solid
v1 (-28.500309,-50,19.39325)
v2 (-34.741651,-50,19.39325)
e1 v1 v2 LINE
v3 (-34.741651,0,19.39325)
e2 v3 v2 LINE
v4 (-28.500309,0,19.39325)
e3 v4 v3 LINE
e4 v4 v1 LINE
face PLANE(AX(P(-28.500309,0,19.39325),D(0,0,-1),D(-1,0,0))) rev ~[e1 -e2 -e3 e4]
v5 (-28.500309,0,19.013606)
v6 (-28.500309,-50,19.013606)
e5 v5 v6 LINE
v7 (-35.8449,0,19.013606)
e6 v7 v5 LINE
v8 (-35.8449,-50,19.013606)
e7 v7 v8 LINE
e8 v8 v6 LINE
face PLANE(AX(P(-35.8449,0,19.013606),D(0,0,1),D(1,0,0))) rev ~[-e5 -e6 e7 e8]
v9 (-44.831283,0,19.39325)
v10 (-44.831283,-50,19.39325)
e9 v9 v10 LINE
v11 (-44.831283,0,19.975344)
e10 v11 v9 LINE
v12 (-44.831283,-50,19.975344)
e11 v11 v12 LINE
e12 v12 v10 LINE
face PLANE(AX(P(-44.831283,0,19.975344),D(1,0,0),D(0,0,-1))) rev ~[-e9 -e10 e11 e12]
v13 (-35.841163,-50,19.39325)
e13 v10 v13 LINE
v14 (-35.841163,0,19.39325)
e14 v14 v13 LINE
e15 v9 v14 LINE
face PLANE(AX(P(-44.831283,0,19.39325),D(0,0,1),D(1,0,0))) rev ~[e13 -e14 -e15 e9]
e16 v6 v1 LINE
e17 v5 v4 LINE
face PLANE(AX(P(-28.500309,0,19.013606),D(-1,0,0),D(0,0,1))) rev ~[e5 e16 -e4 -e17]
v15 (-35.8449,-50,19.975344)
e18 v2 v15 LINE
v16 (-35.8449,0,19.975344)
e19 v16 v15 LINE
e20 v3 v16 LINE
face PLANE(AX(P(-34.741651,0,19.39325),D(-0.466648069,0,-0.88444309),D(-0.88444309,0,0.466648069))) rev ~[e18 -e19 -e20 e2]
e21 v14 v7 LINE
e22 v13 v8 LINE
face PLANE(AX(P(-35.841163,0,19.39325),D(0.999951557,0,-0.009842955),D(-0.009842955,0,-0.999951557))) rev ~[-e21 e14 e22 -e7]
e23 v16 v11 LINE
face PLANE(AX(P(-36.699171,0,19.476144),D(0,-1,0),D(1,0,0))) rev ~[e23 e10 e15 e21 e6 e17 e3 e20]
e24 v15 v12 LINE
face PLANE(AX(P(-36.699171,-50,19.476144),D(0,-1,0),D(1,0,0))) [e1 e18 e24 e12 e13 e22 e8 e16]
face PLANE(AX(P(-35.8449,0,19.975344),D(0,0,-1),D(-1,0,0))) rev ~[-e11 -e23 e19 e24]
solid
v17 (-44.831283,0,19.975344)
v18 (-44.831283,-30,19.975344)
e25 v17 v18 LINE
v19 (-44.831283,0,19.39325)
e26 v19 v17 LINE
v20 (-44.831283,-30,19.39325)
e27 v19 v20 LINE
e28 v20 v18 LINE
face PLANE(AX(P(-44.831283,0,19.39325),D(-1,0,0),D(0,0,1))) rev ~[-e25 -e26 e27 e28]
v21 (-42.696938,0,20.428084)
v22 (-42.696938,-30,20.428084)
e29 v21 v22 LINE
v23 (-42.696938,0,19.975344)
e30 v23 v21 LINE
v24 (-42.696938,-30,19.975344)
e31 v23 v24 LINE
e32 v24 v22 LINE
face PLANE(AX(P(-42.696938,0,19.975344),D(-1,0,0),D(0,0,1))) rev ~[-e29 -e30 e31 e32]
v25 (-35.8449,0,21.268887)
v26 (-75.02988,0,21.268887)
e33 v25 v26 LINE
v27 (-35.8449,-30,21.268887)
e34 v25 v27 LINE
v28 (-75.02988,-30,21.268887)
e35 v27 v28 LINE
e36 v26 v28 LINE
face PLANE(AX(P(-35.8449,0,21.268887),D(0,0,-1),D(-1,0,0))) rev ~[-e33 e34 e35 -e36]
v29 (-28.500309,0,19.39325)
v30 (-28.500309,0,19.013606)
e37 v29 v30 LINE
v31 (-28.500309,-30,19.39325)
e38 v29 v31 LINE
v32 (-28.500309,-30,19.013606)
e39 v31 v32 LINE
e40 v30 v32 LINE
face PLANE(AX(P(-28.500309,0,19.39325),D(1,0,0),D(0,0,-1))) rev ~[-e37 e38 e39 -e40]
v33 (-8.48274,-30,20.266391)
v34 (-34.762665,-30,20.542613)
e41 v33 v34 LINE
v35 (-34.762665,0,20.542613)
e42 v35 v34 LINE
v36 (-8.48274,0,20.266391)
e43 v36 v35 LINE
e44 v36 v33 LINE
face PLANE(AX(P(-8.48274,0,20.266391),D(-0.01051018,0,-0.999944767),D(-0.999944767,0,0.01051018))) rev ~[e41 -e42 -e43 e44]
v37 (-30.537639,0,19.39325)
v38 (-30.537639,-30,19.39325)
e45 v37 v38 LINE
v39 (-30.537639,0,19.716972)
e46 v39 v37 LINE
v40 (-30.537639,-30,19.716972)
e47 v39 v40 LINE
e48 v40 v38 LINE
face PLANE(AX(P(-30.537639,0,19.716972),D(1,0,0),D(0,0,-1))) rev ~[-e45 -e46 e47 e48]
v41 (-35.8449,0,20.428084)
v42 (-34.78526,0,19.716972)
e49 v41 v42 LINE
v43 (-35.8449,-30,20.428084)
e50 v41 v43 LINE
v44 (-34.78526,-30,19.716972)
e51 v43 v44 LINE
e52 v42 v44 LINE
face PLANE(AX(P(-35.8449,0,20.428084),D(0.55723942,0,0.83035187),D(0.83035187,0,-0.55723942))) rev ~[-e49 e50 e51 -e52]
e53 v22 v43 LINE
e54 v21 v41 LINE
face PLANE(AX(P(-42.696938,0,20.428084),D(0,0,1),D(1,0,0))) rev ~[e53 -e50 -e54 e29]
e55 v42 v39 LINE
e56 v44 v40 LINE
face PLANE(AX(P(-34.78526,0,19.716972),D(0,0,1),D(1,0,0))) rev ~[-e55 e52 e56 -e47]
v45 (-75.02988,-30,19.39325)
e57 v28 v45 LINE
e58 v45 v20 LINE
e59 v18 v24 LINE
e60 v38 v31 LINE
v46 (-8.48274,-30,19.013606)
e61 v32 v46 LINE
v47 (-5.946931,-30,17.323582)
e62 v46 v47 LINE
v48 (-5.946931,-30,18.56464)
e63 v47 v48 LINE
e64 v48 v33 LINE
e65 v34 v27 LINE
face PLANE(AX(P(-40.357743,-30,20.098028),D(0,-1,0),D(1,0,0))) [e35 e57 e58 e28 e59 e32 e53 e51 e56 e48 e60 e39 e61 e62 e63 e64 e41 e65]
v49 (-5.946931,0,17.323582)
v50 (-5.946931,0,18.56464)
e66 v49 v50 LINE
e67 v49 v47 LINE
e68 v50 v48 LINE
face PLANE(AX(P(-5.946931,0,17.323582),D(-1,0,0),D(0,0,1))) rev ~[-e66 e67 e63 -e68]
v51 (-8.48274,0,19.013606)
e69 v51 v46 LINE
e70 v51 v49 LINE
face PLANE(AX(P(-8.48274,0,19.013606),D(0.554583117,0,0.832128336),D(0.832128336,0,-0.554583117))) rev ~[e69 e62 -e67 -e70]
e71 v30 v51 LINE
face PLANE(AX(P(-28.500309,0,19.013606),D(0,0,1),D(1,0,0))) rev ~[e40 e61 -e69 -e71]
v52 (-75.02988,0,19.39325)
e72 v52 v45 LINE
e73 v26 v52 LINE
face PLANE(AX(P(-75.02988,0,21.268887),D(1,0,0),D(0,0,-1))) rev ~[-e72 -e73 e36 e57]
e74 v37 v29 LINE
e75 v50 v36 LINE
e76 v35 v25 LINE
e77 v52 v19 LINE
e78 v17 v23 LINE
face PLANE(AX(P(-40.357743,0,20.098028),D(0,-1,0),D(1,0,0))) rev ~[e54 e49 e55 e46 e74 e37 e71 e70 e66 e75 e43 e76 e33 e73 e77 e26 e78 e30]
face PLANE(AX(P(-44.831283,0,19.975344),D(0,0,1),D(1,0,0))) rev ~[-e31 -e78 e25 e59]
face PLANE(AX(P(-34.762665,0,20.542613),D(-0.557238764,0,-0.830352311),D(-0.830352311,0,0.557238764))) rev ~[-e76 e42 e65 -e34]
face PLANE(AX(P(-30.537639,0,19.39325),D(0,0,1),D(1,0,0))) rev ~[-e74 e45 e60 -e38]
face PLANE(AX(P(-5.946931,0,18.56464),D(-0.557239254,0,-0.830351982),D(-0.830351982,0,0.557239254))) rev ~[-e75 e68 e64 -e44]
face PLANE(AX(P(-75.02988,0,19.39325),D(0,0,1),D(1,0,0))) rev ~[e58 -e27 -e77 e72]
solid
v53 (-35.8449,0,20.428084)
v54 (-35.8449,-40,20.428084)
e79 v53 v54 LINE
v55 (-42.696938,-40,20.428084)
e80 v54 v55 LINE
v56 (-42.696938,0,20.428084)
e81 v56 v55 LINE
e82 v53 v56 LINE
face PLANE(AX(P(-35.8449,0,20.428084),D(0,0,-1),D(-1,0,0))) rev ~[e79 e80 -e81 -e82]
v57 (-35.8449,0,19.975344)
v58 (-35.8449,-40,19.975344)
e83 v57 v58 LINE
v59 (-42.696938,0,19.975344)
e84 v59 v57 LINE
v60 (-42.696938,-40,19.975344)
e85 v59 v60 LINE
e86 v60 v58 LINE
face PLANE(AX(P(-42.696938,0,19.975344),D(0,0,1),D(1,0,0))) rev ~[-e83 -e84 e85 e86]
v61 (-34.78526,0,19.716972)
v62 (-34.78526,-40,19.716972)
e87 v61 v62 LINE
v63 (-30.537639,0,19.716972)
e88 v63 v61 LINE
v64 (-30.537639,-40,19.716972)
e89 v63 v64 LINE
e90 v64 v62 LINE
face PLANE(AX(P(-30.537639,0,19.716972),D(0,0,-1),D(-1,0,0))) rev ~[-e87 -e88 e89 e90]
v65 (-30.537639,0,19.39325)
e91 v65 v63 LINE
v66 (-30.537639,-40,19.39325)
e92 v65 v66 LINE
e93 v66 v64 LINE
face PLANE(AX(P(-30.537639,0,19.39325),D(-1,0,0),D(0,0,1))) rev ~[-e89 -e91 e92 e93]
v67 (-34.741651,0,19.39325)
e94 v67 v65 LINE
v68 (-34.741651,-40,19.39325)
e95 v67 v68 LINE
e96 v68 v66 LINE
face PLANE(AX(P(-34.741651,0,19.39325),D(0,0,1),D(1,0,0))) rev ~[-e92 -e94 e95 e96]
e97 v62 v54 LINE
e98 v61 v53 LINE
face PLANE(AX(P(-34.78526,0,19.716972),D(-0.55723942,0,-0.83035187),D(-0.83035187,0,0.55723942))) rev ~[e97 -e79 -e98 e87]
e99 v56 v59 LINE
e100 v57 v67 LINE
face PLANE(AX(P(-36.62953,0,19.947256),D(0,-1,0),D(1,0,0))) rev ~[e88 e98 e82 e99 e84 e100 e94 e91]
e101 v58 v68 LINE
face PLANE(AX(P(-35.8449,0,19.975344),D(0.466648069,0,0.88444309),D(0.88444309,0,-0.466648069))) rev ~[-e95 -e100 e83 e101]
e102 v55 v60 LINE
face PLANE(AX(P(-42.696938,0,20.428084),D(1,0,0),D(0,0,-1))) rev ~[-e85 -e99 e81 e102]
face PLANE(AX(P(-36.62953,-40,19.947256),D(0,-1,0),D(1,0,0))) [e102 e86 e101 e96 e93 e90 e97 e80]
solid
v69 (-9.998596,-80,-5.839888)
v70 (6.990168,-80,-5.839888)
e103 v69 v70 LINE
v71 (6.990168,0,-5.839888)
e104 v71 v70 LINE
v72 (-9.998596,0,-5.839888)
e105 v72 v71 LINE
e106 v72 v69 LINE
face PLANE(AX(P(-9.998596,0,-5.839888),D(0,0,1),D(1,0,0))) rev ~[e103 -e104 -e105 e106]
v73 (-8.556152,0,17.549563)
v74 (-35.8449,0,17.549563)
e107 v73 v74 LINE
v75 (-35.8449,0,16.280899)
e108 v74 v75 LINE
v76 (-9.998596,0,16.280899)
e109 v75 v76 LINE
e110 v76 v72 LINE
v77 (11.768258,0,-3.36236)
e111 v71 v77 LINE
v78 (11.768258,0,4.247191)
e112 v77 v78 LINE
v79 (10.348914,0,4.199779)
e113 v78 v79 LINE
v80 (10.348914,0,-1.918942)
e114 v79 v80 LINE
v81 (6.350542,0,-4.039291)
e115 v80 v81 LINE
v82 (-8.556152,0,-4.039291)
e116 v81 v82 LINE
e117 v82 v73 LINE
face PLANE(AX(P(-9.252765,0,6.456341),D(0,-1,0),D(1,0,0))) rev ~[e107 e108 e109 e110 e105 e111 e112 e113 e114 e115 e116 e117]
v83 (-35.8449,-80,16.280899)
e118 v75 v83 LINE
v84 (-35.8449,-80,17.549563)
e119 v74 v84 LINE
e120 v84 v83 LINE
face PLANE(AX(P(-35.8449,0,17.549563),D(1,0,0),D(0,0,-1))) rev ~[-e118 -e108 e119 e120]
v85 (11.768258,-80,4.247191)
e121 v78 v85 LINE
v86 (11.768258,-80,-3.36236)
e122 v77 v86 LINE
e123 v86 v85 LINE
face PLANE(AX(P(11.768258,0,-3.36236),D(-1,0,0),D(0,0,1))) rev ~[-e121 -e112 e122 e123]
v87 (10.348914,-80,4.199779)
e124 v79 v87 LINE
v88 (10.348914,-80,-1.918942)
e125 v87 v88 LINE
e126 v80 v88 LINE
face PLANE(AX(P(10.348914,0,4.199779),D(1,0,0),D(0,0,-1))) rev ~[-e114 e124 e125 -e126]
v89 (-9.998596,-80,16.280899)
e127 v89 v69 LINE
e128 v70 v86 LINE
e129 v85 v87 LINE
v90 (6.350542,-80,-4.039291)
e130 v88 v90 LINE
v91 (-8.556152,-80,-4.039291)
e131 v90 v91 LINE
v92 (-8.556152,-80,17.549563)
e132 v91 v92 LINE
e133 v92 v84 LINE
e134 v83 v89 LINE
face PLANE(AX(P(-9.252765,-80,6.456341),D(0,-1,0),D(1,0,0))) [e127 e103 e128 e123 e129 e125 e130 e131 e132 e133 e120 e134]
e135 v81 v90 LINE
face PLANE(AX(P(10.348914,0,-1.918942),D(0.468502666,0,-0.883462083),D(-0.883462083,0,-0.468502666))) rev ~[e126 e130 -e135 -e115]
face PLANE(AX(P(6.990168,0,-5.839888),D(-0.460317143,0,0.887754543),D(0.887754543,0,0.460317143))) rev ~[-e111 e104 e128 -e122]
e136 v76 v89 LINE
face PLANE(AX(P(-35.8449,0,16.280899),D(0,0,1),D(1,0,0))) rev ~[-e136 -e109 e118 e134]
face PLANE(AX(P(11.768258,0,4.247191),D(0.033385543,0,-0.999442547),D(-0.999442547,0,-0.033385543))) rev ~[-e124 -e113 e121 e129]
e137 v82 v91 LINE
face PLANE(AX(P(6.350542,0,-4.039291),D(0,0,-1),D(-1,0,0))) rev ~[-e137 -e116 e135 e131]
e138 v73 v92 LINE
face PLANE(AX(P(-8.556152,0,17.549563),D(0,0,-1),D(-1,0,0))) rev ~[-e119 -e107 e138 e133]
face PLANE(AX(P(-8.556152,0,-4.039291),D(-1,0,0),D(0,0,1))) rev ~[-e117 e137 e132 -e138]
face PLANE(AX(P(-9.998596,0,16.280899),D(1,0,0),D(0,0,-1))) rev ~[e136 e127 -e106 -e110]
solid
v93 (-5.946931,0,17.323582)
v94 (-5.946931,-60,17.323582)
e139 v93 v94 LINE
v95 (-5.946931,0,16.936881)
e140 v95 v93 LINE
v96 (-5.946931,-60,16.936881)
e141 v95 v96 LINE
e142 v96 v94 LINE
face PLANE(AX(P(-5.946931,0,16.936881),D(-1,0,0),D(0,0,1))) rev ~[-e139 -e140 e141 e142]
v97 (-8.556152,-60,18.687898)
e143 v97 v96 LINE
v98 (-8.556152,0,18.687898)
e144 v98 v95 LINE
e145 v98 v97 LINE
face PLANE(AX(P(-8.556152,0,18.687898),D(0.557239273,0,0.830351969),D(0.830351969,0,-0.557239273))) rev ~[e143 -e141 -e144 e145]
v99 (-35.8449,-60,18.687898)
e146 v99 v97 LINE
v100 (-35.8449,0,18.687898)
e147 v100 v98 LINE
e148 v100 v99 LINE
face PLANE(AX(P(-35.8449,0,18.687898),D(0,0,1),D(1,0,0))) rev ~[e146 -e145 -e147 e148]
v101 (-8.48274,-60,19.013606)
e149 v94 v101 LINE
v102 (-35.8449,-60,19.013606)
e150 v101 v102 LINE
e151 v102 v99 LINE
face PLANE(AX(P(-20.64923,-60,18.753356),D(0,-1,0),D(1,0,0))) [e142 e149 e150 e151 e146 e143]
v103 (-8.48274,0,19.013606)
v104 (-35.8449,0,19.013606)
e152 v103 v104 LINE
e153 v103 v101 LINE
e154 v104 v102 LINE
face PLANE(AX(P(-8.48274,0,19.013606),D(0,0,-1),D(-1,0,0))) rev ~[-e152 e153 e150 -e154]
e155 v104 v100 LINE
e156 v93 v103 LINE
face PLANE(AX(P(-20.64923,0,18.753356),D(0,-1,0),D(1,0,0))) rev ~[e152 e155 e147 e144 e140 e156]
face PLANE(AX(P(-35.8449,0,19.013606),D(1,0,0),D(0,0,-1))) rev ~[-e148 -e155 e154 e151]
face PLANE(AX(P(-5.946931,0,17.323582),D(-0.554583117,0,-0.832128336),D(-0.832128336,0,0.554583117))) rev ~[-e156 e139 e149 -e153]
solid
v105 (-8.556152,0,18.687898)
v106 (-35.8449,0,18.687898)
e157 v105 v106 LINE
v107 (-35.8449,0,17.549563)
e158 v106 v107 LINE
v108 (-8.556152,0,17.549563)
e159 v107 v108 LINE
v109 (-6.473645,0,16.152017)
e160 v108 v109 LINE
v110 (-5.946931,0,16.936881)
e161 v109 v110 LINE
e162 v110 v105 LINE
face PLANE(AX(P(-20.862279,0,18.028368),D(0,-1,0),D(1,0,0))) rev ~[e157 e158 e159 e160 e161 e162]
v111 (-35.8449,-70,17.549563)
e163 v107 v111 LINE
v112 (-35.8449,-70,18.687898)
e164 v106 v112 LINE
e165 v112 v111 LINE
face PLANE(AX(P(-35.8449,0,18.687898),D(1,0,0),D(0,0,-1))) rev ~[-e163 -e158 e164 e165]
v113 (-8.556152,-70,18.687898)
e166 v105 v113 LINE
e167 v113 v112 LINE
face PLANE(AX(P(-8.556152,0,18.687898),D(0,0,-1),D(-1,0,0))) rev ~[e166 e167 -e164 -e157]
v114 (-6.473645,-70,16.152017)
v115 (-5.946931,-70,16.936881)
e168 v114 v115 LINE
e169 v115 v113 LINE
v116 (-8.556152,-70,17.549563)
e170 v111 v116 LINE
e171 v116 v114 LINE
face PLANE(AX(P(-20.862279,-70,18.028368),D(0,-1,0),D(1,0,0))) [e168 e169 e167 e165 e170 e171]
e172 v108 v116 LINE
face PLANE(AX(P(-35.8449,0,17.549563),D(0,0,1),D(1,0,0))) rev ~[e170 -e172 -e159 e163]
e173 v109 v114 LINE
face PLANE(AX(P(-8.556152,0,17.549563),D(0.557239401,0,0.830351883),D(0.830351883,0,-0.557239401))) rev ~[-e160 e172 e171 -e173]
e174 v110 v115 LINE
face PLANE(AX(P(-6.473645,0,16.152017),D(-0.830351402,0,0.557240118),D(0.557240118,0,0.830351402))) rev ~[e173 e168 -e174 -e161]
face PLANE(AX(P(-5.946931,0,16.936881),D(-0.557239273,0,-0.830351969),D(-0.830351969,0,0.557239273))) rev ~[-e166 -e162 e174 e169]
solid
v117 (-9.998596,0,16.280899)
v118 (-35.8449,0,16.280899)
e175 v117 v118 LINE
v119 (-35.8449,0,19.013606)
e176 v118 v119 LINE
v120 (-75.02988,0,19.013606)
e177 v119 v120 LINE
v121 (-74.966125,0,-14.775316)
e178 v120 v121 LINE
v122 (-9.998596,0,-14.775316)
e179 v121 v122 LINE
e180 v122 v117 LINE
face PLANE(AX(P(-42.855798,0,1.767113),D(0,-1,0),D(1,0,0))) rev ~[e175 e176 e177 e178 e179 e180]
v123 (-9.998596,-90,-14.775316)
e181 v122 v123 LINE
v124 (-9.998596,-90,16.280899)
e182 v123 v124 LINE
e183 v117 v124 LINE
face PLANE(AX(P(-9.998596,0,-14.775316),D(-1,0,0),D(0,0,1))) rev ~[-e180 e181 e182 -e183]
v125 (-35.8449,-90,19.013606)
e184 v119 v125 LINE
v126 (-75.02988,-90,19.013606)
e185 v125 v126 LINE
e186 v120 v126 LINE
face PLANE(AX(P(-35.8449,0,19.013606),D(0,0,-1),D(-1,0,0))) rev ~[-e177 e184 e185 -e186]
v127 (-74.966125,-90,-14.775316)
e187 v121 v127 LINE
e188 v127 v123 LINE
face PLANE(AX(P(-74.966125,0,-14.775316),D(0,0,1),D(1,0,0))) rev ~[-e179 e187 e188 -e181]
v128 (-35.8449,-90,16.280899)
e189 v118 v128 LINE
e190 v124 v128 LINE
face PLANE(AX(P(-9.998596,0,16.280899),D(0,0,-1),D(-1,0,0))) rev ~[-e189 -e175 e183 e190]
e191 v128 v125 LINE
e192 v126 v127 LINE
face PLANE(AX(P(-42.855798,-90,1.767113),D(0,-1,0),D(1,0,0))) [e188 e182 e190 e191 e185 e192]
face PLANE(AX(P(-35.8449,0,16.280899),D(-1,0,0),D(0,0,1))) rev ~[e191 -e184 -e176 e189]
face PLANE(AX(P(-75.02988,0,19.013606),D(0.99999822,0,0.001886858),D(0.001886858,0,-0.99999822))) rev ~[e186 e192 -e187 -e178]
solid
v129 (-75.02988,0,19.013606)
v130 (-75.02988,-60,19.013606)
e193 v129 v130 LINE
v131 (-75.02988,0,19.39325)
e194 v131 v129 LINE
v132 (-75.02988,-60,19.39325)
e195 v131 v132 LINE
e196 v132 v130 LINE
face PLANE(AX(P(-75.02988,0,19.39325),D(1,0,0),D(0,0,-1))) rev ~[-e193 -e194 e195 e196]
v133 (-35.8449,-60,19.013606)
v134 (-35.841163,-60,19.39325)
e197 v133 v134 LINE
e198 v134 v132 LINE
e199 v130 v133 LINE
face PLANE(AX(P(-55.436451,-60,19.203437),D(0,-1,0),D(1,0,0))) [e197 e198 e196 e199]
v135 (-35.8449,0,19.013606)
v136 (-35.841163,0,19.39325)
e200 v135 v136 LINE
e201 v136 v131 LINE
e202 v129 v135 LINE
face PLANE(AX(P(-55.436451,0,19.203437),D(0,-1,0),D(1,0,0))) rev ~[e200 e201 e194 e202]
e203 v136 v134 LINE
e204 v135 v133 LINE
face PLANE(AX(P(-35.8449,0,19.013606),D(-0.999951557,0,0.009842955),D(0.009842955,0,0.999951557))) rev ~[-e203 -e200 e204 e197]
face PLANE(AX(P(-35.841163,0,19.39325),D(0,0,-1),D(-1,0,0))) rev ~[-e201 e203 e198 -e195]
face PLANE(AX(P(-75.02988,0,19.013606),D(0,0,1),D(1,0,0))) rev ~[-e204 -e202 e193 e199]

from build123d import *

# Parameters (mm, degrees)
F1_DEPTH = 90
F2_DEPTH = 80
F3_DEPTH = 70
F4_DEPTH = 60
F5_DEPTH = 60
F6_DEPTH = 50
F7_DEPTH = 40
F8_DEPTH = 30


with BuildPart() as f1:
    # F0 (on Front) → F1 (new body)
    with BuildSketch(Plane.XZ):
        Polygon((-35.8449, 19.013606), (-75.02988, 19.013606), (-74.966125, -14.775316), (-9.998596, -14.775316), (-9.998596, -5.839888), (-9.998596, 16.280899), (-35.8449, 16.280899), (-35.8449, 17.549563), (-35.8449, 18.687898), align=None)
    extrude(amount=F1_DEPTH)


with BuildPart() as f2:
    # F0 (on Front) → F2 (new body)
    with BuildSketch(Plane.XZ):
        Polygon((-8.556152, 17.549563), (-35.8449, 17.549563), (-35.8449, 16.280899), (-9.998596, 16.280899), (-9.998596, -5.839888), (6.990168, -5.839888), (11.768258, -3.36236), (11.768258, 4.247191), (10.348914, 4.199779), (10.348914, -1.918942), (6.350542, -4.039291), (-8.556152, -4.039291), align=None)
    extrude(amount=F2_DEPTH)


with BuildPart() as f3:
    # F0 (on Front) → F3 (new body)
    with BuildSketch(Plane.XZ):
        Polygon((-8.556152, 18.687898), (-35.8449, 18.687898), (-35.8449, 17.549563), (-8.556152, 17.549563), (-6.473645, 16.152017), (-5.946931, 16.936881), align=None)
    extrude(amount=F3_DEPTH)


with BuildPart() as f4:
    # F0 (on Front) → F4 (new body)
    with BuildSketch(Plane.XZ):
        Polygon((-75.02988, 19.39325), (-75.02988, 19.013606), (-35.8449, 19.013606), (-35.841163, 19.39325), (-44.831283, 19.39325), align=None)
    extrude(amount=F4_DEPTH)


with BuildPart() as f5:
    # F0 (on Front) → F5 (new body)
    with BuildSketch(Plane.XZ):
        Polygon((-28.500309, 19.013606), (-35.8449, 19.013606), (-35.8449, 18.687898), (-8.556152, 18.687898), (-5.946931, 16.936881), (-5.946931, 17.323582), (-8.48274, 19.013606), align=None)
    extrude(amount=F5_DEPTH)


with BuildPart() as f6:
    # F0 (on Front) → F6 (new body)
    with BuildSketch(Plane.XZ):
        Polygon((-35.841163, 19.39325), (-35.8449, 19.013606), (-28.500309, 19.013606), (-28.500309, 19.39325), (-30.537639, 19.39325), (-34.741651, 19.39325), (-35.8449, 19.975344), (-42.696938, 19.975344), (-44.831283, 19.975344), (-44.831283, 19.39325), align=None)
    extrude(amount=F6_DEPTH)


with BuildPart() as f7:
    # F0 (on Front) → F7 (new body)
    with BuildSketch(Plane.XZ):
        Polygon((-34.741651, 19.39325), (-30.537639, 19.39325), (-30.537639, 19.716972), (-34.78526, 19.716972), (-35.8449, 20.428084), (-42.696938, 20.428084), (-42.696938, 19.975344), (-35.8449, 19.975344), align=None)
    extrude(amount=F7_DEPTH)


with BuildPart() as f8:
    # F0 (on Front) → F8 (new body)
    with BuildSketch(Plane.XZ):
        Polygon((-75.02988, 21.268887), (-75.02988, 19.39325), (-44.831283, 19.39325), (-44.831283, 19.975344), (-42.696938, 19.975344), (-42.696938, 20.428084), (-35.8449, 20.428084), (-34.78526, 19.716972), (-30.537639, 19.716972), (-30.537639, 19.39325), (-28.500309, 19.39325), (-28.500309, 19.013606), (-8.48274, 19.013606), (-5.946931, 17.323582), (-5.946931, 18.56464), (-8.48274, 20.266391), (-34.762665, 20.542613), (-35.8449, 21.268887), align=None)
    extrude(amount=F8_DEPTH)


solid = Compound([f1.part, f2.part, f3.part, f4.part, f5.part, f6.part, f7.part, f8.part])
